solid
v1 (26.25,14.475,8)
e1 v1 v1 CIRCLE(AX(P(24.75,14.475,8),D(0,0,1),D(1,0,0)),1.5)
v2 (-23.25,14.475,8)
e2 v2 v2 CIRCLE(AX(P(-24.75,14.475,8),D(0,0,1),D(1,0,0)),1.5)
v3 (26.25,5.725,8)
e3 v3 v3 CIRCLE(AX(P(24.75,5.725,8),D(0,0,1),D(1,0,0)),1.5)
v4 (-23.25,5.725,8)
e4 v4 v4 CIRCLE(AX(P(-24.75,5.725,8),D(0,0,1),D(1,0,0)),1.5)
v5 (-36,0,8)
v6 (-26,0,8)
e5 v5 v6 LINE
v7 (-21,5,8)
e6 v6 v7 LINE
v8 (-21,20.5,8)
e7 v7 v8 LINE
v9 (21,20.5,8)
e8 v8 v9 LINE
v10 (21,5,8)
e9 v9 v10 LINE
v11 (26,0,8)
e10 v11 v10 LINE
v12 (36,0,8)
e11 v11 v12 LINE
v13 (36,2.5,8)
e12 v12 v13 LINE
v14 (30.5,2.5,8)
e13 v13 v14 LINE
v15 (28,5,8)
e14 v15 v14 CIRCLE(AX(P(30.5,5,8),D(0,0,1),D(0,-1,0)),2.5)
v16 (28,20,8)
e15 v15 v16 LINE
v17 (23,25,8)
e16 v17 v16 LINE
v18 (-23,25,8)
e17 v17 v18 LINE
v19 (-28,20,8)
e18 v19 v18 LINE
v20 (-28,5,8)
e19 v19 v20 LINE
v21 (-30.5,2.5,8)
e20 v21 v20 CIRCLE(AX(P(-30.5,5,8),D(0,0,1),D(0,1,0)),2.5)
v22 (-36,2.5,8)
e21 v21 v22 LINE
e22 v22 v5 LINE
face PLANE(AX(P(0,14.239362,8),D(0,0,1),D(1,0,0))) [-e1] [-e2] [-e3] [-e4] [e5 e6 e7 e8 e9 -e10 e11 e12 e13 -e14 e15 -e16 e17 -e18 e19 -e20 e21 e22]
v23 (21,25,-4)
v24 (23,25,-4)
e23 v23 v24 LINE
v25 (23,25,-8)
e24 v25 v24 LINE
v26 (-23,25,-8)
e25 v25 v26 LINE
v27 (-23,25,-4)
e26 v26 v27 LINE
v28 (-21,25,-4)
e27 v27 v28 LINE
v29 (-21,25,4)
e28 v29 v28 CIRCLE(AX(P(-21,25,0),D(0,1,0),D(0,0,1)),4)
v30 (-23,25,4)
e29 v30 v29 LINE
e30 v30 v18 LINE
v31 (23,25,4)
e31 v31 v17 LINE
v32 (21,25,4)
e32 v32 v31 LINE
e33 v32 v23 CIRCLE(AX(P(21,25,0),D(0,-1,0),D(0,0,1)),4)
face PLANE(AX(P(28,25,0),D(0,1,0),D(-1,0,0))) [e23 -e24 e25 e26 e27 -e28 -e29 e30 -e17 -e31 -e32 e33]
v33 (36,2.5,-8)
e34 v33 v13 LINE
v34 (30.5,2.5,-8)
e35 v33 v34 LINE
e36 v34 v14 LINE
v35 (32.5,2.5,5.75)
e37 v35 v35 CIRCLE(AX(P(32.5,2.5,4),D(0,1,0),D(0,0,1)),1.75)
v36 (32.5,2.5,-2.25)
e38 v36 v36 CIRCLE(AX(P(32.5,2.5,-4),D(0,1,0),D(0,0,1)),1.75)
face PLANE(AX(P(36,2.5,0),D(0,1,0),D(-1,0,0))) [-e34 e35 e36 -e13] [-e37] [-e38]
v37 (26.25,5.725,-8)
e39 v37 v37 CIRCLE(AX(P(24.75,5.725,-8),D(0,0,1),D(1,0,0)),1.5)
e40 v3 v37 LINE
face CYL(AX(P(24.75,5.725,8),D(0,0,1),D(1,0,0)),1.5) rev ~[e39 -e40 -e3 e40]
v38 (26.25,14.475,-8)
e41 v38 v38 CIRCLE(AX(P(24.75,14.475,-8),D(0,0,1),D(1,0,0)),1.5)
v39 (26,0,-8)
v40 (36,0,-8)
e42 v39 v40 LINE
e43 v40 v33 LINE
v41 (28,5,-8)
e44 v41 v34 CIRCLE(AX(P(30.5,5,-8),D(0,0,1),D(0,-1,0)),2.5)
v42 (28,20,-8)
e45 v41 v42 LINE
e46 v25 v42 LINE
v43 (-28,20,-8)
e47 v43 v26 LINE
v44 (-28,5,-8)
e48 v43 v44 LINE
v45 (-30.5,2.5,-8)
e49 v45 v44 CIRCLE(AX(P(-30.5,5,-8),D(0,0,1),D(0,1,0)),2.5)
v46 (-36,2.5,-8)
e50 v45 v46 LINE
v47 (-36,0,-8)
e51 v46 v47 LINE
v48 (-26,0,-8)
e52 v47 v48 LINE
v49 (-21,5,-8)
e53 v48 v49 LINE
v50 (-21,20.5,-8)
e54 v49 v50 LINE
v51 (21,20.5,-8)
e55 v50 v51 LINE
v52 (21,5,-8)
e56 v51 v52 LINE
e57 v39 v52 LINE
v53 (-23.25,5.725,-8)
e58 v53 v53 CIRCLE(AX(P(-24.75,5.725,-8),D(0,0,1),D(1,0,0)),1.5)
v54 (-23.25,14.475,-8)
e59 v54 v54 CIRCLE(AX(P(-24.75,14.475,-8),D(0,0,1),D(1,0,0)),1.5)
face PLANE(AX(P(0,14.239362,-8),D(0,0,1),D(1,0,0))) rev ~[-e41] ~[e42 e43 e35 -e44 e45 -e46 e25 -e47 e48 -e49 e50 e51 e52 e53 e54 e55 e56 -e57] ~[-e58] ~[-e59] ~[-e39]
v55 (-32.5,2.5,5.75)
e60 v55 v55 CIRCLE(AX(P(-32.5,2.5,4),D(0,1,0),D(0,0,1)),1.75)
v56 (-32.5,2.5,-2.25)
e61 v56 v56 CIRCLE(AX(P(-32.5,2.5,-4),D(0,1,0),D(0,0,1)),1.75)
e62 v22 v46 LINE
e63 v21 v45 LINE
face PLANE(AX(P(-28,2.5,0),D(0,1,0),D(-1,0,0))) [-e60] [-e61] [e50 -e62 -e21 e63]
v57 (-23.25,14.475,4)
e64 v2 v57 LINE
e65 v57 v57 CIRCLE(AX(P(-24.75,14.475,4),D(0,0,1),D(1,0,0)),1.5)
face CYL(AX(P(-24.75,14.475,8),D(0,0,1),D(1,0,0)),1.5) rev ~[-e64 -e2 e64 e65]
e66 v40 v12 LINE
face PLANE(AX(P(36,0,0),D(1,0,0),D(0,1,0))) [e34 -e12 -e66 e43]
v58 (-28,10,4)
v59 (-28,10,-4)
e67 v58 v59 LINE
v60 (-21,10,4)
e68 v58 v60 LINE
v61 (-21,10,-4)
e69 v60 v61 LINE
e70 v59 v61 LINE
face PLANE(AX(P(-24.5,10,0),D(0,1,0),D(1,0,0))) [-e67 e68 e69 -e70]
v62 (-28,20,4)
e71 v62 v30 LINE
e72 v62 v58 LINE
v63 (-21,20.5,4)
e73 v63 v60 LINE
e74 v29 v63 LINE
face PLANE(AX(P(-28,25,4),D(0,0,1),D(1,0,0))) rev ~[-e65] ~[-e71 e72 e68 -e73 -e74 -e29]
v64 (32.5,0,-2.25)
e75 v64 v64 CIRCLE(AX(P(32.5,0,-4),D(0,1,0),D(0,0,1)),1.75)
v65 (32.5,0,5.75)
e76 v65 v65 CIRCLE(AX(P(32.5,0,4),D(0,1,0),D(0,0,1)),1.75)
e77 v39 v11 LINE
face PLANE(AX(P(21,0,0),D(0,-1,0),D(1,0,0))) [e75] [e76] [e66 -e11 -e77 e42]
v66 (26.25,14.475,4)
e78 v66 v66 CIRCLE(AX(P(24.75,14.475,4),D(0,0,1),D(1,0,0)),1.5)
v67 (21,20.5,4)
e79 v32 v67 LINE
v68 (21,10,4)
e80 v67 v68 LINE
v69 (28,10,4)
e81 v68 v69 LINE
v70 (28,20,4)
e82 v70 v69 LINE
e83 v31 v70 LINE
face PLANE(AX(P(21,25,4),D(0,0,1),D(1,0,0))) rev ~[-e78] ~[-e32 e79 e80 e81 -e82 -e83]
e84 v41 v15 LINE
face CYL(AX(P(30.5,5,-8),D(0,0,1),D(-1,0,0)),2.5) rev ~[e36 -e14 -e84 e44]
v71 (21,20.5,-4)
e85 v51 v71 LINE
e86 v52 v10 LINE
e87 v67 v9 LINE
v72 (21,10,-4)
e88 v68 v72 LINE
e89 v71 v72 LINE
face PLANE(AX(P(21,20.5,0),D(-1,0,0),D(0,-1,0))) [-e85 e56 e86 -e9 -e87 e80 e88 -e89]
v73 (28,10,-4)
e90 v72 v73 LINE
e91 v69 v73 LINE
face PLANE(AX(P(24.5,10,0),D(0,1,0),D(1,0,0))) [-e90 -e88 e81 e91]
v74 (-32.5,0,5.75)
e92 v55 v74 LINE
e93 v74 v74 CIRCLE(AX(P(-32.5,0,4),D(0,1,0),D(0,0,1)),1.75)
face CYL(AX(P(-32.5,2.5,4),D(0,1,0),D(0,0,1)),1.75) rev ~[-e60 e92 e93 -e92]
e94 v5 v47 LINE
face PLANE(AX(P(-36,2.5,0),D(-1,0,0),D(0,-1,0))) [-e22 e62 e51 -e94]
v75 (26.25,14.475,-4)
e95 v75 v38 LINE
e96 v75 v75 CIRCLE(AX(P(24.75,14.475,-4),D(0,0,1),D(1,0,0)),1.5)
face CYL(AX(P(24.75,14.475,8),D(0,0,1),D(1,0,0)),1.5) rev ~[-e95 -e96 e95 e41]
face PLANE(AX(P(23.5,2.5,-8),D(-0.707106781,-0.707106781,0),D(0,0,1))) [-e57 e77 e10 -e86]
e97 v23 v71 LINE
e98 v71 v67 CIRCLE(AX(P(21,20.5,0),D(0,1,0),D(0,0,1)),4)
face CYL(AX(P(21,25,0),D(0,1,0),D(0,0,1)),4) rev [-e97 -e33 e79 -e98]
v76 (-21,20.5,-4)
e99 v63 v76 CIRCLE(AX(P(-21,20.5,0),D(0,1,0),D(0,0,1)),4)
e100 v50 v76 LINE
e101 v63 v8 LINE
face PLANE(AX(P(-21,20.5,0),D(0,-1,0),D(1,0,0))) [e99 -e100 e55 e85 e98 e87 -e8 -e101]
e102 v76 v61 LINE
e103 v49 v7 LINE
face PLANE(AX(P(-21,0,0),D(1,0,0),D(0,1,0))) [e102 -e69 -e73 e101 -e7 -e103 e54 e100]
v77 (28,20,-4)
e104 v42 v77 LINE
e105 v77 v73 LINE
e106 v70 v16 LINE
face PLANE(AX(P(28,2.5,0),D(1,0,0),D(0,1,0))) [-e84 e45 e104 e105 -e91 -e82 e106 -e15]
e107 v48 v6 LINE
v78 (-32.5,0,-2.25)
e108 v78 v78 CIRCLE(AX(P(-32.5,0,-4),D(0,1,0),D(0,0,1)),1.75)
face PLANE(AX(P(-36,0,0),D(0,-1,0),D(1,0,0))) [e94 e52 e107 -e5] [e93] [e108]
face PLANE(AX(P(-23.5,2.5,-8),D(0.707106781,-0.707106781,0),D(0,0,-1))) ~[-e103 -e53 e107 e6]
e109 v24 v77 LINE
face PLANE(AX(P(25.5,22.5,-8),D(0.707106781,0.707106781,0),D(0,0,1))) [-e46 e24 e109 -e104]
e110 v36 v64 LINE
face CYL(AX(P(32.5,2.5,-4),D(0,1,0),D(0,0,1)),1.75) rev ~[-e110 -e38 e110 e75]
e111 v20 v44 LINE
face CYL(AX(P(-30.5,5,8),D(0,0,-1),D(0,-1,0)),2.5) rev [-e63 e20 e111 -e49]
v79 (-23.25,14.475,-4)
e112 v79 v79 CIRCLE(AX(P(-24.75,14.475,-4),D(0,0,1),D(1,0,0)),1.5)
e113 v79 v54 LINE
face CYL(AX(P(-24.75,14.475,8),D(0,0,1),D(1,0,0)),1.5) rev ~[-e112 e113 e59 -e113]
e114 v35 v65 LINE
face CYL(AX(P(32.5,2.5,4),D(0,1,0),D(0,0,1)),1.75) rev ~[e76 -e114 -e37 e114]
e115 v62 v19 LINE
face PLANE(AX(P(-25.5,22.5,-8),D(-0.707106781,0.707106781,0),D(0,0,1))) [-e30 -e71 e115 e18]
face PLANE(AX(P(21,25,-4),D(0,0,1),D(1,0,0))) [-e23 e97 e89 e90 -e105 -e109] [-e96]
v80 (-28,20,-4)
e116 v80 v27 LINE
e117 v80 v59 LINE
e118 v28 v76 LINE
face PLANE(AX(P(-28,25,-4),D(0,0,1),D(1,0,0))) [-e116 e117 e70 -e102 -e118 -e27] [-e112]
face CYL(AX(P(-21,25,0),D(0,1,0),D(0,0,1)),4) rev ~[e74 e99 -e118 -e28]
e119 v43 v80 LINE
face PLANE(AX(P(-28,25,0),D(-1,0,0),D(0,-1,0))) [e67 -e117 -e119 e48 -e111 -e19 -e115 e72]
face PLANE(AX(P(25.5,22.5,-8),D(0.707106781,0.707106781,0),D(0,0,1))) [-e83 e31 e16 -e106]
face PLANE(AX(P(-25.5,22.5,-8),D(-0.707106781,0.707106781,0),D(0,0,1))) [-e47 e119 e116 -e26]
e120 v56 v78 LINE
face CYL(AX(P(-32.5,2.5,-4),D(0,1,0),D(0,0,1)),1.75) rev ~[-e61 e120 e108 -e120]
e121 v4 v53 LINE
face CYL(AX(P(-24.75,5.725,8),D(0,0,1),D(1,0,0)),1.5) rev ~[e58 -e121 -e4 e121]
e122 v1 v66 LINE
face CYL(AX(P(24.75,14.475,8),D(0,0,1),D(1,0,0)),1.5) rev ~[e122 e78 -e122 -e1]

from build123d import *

# Parameters (mm, degrees)
BOSS_EXTRUDE1_DEPTH = 8
CHAMFER5_SIZE       = 5
FILLET1_R           = 2.5
SKETCH2_R           = 1.5
CUT_EXTRUDE1_DEPTH  = 47.658332589
SKETCH3_R           = 1.75
CUT_EXTRUDE2_DEPTH  = 44.200115741
SKETCH5_W           = 7
SKETCH5_H           = 8
CUT_EXTRUDE3_DEPTH  = 15
CUT_EXTRUDE5_DEPTH  = 15


with BuildPart() as part:
    # Sketch1 → Boss-Extrude1 (new, symmetric)
    with BuildSketch(Plane.XY):
        Polygon((-36, 0), (-21, 0), (-21, 20.5), (21, 20.5), (21, 0), (36, 0), (36, 2.5), (28, 2.5), (28, 25), (-28, 25), (-28, 2.5), (-36, 2.5), align=None)
    extrude(amount=BOSS_EXTRUDE1_DEPTH, both=True)

    # Chamfer5
    chamfer5_edges = [part.edges().sort_by_distance(p)[0] for p in [
        (-28, 25, 0),
        (28, 25, 0),
        (21, 0, 0),
        (-21, 0, 0),
    ]]
    chamfer(chamfer5_edges, length=CHAMFER5_SIZE)

    # Fillet1
    fillet1_edges = [part.edges().sort_by_distance(p)[0] for p in [
        (-28, 2.5, 0),
        (28, 2.5, 0),
    ]]
    fillet(fillet1_edges, radius=FILLET1_R)

    # Sketch2 → Cut-Extrude1 (cut, through all)
    with BuildSketch(Plane.XY.offset(8)):
        with Locations((-24.75, 14.475)):
            Circle(SKETCH2_R)
        with Locations((-24.75, 5.725)):
            Circle(SKETCH2_R)
        with Locations((24.75, 14.475)):
            Circle(SKETCH2_R)
        with Locations((24.75, 5.725)):
            Circle(SKETCH2_R)
    extrude(amount=-CUT_EXTRUDE1_DEPTH, mode=Mode.SUBTRACT)

    # Sketch3 → Cut-Extrude2 (cut, through all)
    with BuildSketch(Plane(origin=(0, 2.5, 0), x_dir=(1, 0, 0), z_dir=(0, 1, 0))):
        with Locations(Location((32.5, 4, 0), (0, 0, 270))):
            Circle(SKETCH3_R)
        with Locations(Location((32.5, -4, 0), (0, 0, 270))):
            Circle(SKETCH3_R)
        with Locations(Location((-32.5, 4, 0), (0, 0, 270))):
            Circle(SKETCH3_R)
        with Locations(Location((-32.5, -4, 0), (0, 0, 270))):
            Circle(SKETCH3_R)
    extrude(amount=-CUT_EXTRUDE2_DEPTH, mode=Mode.SUBTRACT)

    # Sketch5 → Cut-Extrude3 (cut)
    with BuildSketch(Plane(origin=(0, 25, 0), x_dir=(1, 0, 0), z_dir=(0, 1, 0))):
        with Locations((24.5, 0)):
            Rectangle(SKETCH5_W, SKETCH5_H)
        with Locations((-24.5, 0)):
            Rectangle(SKETCH5_W, SKETCH5_H)
    extrude(amount=-CUT_EXTRUDE3_DEPTH, mode=Mode.SUBTRACT)

    # Sketch7 → Cut-Extrude5 (cut)
    with BuildSketch(Plane(origin=(0, 25, 0), x_dir=(1, 0, 0), z_dir=(0, 1, 0))):
        with BuildLine():
            Line((21, 4), (21, -4))
            ThreePointArc((21, -4), (17, 0), (21, 4))
        make_face()
        with BuildLine():
            Line((-21, 4), (-21, -4))
            ThreePointArc((-21, -4), (-17, 0), (-21, 4))
        make_face()
    extrude(amount=-CUT_EXTRUDE5_DEPTH, mode=Mode.SUBTRACT)


solid = part.part
